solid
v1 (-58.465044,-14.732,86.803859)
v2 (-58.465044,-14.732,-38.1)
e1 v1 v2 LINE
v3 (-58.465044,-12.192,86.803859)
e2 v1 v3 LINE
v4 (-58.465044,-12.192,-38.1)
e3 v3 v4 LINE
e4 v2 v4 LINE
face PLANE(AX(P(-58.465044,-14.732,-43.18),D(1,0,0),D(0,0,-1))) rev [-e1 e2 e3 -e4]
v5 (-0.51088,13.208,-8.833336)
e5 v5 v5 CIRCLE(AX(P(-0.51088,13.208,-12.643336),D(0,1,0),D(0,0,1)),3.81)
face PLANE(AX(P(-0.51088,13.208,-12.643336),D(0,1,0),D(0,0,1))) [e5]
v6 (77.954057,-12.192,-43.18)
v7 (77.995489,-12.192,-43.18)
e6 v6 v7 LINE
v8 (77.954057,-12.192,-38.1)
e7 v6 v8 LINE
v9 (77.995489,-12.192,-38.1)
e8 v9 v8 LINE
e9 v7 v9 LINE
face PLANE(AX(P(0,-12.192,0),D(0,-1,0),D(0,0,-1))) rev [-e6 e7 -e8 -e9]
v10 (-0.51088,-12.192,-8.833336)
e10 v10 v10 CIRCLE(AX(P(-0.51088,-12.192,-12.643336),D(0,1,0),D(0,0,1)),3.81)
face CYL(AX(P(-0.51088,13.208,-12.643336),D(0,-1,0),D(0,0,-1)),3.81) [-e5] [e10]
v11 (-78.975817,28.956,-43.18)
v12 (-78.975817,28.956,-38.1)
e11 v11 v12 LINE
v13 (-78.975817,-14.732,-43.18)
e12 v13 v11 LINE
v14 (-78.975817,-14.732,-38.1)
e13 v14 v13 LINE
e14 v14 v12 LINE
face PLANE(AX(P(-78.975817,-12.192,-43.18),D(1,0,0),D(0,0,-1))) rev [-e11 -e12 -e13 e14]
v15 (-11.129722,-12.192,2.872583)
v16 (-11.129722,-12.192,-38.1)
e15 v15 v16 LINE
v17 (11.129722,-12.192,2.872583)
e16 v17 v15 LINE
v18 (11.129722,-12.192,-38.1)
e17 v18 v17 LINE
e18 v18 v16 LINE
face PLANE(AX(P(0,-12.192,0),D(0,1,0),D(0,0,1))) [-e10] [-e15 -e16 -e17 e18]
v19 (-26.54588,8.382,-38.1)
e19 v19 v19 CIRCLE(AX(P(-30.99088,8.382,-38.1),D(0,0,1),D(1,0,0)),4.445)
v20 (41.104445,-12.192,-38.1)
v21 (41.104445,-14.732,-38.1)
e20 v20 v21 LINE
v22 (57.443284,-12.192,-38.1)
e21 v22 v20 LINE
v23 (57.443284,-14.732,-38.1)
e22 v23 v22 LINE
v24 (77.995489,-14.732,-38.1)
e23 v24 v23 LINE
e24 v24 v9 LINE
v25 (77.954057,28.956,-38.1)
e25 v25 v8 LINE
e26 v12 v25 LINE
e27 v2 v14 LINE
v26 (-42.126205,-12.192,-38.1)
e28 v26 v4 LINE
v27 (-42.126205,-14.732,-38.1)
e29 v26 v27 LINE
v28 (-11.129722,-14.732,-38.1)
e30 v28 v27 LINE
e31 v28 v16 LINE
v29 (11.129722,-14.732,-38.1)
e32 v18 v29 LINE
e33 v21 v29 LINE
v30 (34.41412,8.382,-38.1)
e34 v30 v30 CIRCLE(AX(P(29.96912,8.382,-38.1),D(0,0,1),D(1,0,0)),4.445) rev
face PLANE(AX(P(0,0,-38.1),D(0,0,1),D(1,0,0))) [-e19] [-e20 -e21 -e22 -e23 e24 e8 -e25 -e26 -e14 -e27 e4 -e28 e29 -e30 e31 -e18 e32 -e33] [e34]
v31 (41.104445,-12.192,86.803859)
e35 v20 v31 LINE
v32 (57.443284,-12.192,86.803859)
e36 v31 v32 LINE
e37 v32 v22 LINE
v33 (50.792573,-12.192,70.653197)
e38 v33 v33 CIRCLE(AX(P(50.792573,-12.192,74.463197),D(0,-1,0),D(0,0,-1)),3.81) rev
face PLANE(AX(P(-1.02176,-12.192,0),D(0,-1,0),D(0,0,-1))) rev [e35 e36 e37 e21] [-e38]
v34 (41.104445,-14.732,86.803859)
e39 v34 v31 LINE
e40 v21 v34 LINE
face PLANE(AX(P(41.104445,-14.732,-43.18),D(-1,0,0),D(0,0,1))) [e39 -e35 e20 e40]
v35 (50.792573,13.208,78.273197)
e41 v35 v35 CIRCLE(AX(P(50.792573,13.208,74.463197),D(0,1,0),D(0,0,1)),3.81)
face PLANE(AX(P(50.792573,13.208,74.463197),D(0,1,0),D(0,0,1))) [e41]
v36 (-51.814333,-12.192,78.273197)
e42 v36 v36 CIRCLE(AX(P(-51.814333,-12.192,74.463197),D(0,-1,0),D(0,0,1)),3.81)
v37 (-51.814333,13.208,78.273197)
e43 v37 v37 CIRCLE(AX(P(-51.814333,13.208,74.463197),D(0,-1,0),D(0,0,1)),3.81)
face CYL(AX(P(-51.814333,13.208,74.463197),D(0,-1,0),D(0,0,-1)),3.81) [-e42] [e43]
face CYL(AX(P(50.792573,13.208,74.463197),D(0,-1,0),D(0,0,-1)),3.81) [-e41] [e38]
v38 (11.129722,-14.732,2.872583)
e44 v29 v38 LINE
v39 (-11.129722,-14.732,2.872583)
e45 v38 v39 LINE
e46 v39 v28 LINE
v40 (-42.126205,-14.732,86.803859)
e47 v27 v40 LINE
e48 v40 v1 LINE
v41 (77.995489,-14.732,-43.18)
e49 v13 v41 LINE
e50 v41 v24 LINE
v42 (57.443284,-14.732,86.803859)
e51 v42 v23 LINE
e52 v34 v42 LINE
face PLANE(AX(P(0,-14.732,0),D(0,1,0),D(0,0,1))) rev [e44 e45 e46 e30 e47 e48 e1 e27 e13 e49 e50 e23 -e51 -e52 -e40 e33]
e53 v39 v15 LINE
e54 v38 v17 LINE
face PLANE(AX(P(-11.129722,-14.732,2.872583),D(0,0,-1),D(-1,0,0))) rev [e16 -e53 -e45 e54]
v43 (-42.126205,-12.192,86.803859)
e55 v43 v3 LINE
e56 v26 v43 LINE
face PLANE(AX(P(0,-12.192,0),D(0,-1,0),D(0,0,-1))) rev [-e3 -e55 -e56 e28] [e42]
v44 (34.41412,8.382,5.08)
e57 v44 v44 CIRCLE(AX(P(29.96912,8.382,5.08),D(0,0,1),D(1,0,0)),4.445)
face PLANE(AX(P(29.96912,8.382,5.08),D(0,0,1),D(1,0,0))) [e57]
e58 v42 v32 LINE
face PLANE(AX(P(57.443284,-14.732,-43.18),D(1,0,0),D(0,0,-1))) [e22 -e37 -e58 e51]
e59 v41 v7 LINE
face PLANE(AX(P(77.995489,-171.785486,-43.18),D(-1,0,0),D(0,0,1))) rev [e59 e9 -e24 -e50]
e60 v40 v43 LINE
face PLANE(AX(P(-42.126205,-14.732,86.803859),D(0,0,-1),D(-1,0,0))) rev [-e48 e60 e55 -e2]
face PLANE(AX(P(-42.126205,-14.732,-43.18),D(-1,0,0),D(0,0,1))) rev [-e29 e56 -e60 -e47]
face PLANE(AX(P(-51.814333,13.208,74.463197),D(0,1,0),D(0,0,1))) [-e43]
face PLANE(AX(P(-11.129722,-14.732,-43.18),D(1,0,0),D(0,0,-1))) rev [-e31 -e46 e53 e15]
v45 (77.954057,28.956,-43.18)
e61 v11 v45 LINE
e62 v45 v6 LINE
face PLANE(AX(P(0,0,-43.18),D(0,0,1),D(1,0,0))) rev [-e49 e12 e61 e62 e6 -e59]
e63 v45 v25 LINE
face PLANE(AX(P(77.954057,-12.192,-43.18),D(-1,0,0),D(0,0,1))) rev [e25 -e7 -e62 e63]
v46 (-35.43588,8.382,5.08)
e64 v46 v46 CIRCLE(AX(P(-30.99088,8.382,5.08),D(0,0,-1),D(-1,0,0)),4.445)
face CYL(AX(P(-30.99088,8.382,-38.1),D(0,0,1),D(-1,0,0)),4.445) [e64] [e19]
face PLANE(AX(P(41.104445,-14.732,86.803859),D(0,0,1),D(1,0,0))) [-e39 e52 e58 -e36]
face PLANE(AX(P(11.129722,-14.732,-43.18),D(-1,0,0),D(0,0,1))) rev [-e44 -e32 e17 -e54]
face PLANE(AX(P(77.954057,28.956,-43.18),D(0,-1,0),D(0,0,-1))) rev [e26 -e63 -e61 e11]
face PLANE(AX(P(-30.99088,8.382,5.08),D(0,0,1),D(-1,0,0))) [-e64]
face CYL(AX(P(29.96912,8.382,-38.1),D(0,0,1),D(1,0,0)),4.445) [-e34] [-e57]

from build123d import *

# Parameters (mm, degrees)
BOSS_EXTRUDE1_START = 5.08
SKETCH1_R           = 4.445
BOSS_EXTRUDE1_DEPTH = 43.18
SKETCH2_W           = 156.929873994
SKETCH2_H           = 41.148
BOSS_EXTRUDE2_DEPTH = 5.08
SKETCH3_W           = 22.259444318
SKETCH3_H           = 46.05258329
BOSS_EXTRUDE3_DEPTH = 2.54
SKETCH4_W           = 16.338838854
SKETCH4_H           = 129.983858652
BOSS_EXTRUDE4_DEPTH = 2.54
SKETCH5_W           = 156.97130624
SKETCH5_H           = 5.08
BOSS_EXTRUDE5_DEPTH = 2.54
SKETCH6_R           = 3.81
BOSS_EXTRUDE6_DEPTH = 25.4
SKETCH8_R           = 3.81
BOSS_EXTRUDE7_DEPTH = 25.4


with BuildPart() as part:
    # Sketch1 → Boss-Extrude1 (new body)
    with BuildSketch(Plane.XY.offset(BOSS_EXTRUDE1_START)):
        with Locations((29.969120003, 8.382)):
            Circle(SKETCH1_R)
    extrude(amount=-BOSS_EXTRUDE1_DEPTH)


with BuildPart() as body_2:
    # Mirror2: mirrored copy
    add(part.part.mirror(Plane(origin=(-0.510879997, 0, 0), x_dir=(0, 0, 1), z_dir=(1, 0, 0))))


with BuildPart() as part_1:
    add(part.part)

    add(body_2.part)  # Boss-Extrude2 merges body 2
    # Sketch2 → Boss-Extrude2 (add)
    with BuildSketch(Plane(origin=(0, 0, -38.1), x_dir=(-1, 0, 0), z_dir=(0, 0, -1))):
        with Locations((0.510879997, 8.382)):
            Rectangle(SKETCH2_W, SKETCH2_H)
    extrude(amount=BOSS_EXTRUDE2_DEPTH)

    # Sketch3 → Boss-Extrude3 (add)
    with BuildSketch(Plane.XZ.offset(12.192)):
        with Locations((0, -20.153708355)):
            Rectangle(SKETCH3_W, SKETCH3_H)
    extrude(amount=BOSS_EXTRUDE3_DEPTH)

    # Sketch4 → Boss-Extrude4 (add)
    with BuildSketch(Plane(origin=(0, -12.192, 0), x_dir=(-1, 0, 0), z_dir=(0, -1, 0))):
        with Locations((50.295624604, -21.811929326)):
            Rectangle(SKETCH4_W, SKETCH4_H)
    boss_extrude4 = extrude(amount=BOSS_EXTRUDE4_DEPTH)

    # Mirror3: Boss-Extrude4 across plane
    add(boss_extrude4.mirror(Plane(origin=(-0.510879997, 0, 0), x_dir=(0, 0, 1), z_dir=(1, 0, 0))))

    # Sketch5 → Boss-Extrude5 (add)
    with BuildSketch(Plane.XZ.offset(12.192)):
        with Locations((-0.490163874, -40.64)):
            Rectangle(SKETCH5_W, SKETCH5_H)
    extrude(amount=BOSS_EXTRUDE5_DEPTH)

    # Sketch6 → Boss-Extrude6 (add)
    with BuildSketch(Plane(origin=(0, -12.192, 0), x_dir=(1, 0, 0), z_dir=(0, 1, 0))):
        with Locations(Location((-0.510879997, 12.643336172, 0), (0, 0, 270))):
            Circle(SKETCH6_R)
    extrude(amount=BOSS_EXTRUDE6_DEPTH)

    # Sketch8 → Boss-Extrude7 (add)
    with BuildSketch(Plane(origin=(0, -12.192, 0), x_dir=(1, 0, 0), z_dir=(0, 1, 0))):
        with Locations(Location((50.792572725, -74.463197468, 0), (0, 0, 90))):
            Circle(SKETCH8_R)
    boss_extrude7 = extrude(amount=BOSS_EXTRUDE7_DEPTH)

    # Mirror4: Boss-Extrude7 across plane
    add(boss_extrude7.mirror(Plane(origin=(-0.510879997, 0, 0), x_dir=(0, 0, 1), z_dir=(1, 0, 0))))


solid = part_1.part
